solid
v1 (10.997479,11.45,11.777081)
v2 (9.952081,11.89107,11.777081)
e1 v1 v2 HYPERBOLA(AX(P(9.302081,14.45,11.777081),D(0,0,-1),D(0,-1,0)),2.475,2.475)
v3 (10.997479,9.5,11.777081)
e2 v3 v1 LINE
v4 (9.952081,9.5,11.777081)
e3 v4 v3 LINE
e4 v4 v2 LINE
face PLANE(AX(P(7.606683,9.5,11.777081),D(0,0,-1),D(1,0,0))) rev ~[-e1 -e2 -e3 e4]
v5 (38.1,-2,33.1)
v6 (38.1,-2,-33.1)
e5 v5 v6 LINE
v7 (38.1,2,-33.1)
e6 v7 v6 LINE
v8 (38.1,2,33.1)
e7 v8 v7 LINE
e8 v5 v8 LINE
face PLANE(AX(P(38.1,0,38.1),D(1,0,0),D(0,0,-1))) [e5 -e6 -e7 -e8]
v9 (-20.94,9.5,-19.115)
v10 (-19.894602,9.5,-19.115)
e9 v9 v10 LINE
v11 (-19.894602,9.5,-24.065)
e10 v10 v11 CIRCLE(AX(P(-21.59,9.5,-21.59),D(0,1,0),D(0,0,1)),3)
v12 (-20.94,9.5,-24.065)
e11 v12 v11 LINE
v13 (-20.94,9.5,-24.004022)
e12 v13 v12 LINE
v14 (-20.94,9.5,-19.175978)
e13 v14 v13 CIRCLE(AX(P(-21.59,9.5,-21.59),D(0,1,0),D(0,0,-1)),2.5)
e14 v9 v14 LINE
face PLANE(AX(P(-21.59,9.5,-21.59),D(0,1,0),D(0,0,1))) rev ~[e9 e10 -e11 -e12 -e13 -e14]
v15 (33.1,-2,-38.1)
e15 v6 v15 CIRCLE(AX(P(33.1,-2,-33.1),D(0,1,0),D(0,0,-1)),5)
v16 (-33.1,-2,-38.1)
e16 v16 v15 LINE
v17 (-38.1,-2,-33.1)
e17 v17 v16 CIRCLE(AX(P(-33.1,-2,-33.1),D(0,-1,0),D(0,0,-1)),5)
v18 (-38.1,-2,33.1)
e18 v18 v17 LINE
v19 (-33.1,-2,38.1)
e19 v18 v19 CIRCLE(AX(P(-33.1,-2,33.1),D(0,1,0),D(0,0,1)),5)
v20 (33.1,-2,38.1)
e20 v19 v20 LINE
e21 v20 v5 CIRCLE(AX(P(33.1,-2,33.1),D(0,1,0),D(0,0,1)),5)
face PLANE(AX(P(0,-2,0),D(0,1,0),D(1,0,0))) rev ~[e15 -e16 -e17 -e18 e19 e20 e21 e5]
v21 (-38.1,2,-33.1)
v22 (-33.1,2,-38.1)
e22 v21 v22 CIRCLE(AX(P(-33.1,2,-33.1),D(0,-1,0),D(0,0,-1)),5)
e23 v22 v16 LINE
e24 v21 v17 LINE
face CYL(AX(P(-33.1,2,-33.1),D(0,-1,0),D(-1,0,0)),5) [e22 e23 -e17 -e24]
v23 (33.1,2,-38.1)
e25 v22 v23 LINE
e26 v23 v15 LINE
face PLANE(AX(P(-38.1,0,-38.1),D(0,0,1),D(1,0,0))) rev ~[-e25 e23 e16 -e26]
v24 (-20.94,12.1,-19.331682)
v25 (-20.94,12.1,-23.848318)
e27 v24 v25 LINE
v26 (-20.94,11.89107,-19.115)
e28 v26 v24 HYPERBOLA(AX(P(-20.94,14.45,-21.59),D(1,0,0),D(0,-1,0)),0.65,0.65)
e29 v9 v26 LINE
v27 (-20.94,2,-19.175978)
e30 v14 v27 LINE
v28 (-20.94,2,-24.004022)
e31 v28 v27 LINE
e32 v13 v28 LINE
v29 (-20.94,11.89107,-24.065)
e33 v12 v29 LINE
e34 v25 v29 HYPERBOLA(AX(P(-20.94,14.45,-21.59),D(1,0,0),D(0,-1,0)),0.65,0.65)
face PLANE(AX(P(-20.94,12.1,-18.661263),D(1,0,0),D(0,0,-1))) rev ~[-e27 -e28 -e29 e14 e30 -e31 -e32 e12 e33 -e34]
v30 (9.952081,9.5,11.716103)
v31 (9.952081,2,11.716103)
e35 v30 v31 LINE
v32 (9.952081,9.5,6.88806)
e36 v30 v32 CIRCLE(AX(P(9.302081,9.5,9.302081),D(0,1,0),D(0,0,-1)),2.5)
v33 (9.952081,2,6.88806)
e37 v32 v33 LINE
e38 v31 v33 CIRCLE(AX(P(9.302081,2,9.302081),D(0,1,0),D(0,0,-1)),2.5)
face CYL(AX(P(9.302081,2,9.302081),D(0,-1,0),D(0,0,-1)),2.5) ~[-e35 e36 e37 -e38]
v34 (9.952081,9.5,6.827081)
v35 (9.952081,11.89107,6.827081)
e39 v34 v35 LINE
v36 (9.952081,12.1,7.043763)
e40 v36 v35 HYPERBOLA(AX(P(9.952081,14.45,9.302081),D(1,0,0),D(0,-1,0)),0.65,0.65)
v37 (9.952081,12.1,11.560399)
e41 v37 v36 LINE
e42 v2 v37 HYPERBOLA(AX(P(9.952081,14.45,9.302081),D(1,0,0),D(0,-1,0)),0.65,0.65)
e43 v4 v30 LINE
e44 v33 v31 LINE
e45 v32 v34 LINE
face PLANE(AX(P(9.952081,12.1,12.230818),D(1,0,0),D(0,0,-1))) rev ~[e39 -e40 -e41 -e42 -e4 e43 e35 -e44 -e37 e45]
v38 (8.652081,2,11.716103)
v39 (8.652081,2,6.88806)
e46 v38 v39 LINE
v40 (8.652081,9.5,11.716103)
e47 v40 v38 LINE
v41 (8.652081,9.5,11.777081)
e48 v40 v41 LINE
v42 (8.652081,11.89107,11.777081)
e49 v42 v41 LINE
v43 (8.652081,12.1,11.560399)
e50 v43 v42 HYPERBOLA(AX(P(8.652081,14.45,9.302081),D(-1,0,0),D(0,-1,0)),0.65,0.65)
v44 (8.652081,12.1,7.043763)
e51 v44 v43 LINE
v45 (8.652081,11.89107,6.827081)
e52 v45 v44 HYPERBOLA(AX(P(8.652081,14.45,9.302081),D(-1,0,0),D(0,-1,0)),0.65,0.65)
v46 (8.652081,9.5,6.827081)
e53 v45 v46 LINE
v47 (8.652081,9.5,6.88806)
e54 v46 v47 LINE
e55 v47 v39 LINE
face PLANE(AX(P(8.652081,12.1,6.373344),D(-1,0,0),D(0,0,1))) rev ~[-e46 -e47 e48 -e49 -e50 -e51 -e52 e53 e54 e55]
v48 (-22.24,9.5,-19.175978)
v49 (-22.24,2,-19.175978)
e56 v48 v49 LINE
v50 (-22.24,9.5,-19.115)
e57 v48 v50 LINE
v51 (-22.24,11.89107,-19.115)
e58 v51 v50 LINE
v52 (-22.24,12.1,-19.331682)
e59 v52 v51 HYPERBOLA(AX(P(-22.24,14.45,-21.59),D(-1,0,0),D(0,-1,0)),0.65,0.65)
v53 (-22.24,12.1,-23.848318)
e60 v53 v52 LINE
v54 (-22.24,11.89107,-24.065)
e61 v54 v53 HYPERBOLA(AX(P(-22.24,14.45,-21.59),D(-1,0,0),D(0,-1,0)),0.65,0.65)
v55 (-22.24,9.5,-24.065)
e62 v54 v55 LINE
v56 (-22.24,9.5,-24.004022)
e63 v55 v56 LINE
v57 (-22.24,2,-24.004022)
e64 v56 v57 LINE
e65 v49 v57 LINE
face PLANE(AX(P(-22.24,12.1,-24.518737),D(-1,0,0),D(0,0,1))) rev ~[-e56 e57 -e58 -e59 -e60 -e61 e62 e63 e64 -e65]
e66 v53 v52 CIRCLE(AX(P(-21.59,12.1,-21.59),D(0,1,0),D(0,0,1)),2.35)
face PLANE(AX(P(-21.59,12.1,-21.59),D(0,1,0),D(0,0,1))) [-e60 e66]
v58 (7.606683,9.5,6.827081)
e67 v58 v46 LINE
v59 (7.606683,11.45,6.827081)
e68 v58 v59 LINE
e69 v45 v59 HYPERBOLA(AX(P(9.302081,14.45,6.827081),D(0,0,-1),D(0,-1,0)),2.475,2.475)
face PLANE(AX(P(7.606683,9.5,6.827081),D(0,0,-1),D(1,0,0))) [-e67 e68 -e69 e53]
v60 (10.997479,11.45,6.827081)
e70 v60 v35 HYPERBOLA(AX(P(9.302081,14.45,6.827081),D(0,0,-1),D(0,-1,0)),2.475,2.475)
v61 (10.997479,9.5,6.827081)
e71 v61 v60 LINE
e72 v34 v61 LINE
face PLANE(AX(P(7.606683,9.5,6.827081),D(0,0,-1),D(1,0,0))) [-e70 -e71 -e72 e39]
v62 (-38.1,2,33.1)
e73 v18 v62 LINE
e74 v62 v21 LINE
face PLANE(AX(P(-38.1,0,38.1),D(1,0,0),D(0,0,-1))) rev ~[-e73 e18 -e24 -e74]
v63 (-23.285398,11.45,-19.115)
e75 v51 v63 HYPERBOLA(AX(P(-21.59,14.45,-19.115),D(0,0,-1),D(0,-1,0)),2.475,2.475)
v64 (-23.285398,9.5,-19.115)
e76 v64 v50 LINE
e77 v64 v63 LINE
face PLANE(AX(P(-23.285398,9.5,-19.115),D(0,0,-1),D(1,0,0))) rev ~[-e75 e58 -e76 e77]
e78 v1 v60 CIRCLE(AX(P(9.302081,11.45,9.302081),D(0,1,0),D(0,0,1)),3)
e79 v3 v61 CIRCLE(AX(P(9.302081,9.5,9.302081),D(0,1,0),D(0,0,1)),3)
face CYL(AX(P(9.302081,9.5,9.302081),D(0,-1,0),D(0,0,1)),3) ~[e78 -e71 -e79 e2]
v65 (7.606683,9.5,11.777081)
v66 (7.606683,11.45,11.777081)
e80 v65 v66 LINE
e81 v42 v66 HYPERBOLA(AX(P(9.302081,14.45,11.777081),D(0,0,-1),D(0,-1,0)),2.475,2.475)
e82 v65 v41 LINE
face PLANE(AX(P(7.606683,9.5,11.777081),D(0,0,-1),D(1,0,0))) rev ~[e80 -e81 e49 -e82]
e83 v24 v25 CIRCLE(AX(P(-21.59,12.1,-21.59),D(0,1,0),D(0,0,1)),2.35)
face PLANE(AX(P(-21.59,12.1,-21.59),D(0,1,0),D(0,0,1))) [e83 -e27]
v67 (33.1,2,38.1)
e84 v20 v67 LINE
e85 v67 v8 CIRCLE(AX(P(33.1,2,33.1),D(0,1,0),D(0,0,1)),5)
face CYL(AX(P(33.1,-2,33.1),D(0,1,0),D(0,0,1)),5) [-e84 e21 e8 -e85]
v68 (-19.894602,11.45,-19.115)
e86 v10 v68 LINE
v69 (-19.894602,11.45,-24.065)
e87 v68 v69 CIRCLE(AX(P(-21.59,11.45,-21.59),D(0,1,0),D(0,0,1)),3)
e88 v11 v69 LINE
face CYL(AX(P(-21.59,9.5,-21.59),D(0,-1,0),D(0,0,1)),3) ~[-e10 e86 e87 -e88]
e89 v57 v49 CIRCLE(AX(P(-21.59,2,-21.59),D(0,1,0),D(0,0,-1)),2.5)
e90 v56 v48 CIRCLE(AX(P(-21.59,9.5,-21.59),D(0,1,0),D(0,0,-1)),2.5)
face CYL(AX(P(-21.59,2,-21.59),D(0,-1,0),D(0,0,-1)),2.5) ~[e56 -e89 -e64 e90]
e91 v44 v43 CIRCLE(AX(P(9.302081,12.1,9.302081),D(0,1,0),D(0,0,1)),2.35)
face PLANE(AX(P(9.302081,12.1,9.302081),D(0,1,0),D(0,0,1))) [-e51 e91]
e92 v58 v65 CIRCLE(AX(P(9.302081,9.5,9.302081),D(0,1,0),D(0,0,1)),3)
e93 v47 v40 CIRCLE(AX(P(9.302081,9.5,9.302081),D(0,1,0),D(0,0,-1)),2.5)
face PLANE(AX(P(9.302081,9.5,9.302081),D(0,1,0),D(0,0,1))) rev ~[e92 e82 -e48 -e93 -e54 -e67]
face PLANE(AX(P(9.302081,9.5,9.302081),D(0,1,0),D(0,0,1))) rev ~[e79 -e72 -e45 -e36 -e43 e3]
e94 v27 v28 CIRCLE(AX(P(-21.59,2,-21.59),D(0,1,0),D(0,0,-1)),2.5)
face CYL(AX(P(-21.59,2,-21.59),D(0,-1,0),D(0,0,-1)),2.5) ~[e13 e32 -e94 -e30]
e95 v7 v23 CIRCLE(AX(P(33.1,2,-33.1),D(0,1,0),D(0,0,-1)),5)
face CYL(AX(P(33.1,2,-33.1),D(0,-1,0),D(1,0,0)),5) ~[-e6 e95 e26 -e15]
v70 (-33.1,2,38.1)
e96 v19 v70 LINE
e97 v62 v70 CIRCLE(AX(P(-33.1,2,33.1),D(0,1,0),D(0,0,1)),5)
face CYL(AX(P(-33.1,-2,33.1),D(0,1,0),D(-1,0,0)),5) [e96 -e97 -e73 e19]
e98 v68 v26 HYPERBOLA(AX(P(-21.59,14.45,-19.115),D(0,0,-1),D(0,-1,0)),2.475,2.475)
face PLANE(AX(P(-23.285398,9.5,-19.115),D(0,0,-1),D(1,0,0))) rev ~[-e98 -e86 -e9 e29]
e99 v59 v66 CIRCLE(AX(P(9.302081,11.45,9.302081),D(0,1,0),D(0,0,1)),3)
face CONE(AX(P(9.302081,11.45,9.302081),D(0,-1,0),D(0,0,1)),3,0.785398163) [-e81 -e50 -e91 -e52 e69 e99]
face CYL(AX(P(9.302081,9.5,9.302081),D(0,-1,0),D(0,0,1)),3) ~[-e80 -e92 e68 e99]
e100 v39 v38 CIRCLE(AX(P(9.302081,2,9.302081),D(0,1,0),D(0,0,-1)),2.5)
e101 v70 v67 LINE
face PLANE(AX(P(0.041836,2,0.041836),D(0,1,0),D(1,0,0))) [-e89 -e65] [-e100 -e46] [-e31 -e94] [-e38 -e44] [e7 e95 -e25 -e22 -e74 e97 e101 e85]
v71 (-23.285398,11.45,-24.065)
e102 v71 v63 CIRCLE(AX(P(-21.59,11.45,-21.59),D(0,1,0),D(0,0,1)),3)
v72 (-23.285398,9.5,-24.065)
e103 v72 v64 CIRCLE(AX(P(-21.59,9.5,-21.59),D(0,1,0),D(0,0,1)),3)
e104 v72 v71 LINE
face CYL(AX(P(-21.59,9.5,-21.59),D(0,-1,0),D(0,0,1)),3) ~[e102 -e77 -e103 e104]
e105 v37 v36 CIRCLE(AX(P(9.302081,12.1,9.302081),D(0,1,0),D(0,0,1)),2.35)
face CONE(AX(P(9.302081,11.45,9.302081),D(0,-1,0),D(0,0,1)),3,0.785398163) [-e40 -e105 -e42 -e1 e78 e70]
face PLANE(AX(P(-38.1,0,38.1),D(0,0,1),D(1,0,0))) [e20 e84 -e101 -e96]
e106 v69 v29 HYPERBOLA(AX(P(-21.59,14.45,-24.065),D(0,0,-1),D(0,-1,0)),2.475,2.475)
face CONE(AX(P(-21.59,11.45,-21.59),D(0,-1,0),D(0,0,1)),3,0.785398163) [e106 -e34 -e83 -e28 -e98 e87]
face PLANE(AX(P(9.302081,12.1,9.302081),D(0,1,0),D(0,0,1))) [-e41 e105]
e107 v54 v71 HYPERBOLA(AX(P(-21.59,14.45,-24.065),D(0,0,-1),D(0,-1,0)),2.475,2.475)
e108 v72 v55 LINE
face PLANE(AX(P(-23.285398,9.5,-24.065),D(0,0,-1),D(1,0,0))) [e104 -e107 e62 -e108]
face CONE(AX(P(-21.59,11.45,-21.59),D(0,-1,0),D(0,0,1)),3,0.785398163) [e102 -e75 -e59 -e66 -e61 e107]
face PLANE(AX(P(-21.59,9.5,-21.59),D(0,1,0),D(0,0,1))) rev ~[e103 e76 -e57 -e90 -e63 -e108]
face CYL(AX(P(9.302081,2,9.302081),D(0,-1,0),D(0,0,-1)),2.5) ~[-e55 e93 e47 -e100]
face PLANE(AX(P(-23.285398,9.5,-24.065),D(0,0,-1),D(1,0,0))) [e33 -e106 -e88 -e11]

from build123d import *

# Parameters (mm, degrees)
BASE_PROFILE_W              = 76.2
BASE_PROFILE_H              = 76.2
BASE_DEPTH                  = 2
CONNECTOR_PROFILE_R         = 2.5
CONNECTOR_BODY_DEPTH        = 7.5
HEAD_PROFILE_R              = 3
CONNECTOR_HEAD_DEPTH        = 2.6
CONNECTOR_HEAD_CHAMFER_SIZE = 0.65
CONNECTOR_GAP_REACH         = 57.696
TRIM_START                  = -2.6
TRIM_HEAD_DEPTH             = 2.39107
ROUND_EDGE_R                = 5


with BuildPart() as part:
    # Base Profile → Base (new, symmetric)
    with BuildSketch(Plane(origin=(0, 0, 0), x_dir=(1, 0, 0), z_dir=(0, 1, 0))):
        Rectangle(BASE_PROFILE_W, BASE_PROFILE_H)
    extrude(amount=BASE_DEPTH, both=True)

    # Connector Profile → Connector Body (add)
    with BuildSketch(Plane(origin=(0, 2, 0), x_dir=(1, 0, 0), z_dir=(0, 1, 0))):
        with Locations(Location((-21.59, 21.59, 0), (0, 0, 90))):
            Circle(CONNECTOR_PROFILE_R)
        with Locations(Location((9.302081056, -9.302081056, 0), (0, 0, 90))):
            Circle(CONNECTOR_PROFILE_R)
    extrude(amount=CONNECTOR_BODY_DEPTH)

    # Head Profile → Connector Head (add)
    with BuildSketch(Plane(origin=(0, 9.5, 0), x_dir=(1, 0, 0), z_dir=(0, 1, 0))):
        with Locations(Location((-21.59, 21.59, 0), (0, 0, 270))):
            Circle(HEAD_PROFILE_R)
        with Locations(Location((9.302081056, -9.302081056, 0), (0, 0, 270))):
            Circle(HEAD_PROFILE_R)
    extrude(amount=CONNECTOR_HEAD_DEPTH)

    # Connector Head Chamfer
    connector_head_chamfer_edges = [part.edges().sort_by_distance(p)[0] for p in [
        (-21.59, 12.1, -24.59),
        (9.302081056, 12.1, 6.302081056),
    ]]
    chamfer(connector_head_chamfer_edges, length=CONNECTOR_HEAD_CHAMFER_SIZE)

    # Connector Gap: up to this face of the body (flat: up to its plane)
    connector_gap_end = Plane(part.part.faces().sort_by_distance((0.041835549, 2, 0.041835549))[0])
    # Gap Profile → Connector Gap (cut, up to the picked face)
    with BuildSketch(Plane(origin=(0, 12.1, 0), x_dir=(1, 0, 0), z_dir=(0, 1, 0)), mode=Mode.PRIVATE) as connector_gap_sk1:
        with BuildLine():
            Line((-22.24, 24.518736929), (-22.24, 18.661263071))
            ThreePointArc((-22.24, 18.661263071), (-21.59, 18.59), (-20.94, 18.661263071))
            Line((-20.94, 18.661263071), (-20.94, 24.518736929))
            ThreePointArc((-20.94, 24.518736929), (-21.59, 24.59), (-22.24, 24.518736929))
        make_face()
    connector_gap_tool1 = split(extrude(connector_gap_sk1.sketch, amount=-CONNECTOR_GAP_REACH, mode=Mode.PRIVATE), bisect_by=connector_gap_end, keep=Keep.BOTH, mode=Mode.PRIVATE)
    # Gap Profile → Connector Gap (cut, up to the picked face)
    with BuildSketch(Plane(origin=(0, 12.1, 0), x_dir=(1, 0, 0), z_dir=(0, 1, 0)), mode=Mode.PRIVATE) as connector_gap_sk2:
        with BuildLine():
            Line((8.652081056, -6.373344127), (8.652081056, -12.230817986))
            ThreePointArc((8.652081056, -12.230817986), (9.302081056, -12.302081056), (9.952081056, -12.230817986))
            Line((9.952081056, -12.230817986), (9.952081056, -6.373344127))
            ThreePointArc((9.952081056, -6.373344127), (9.302081056, -6.302081056), (8.652081056, -6.373344127))
        make_face()
    connector_gap_tool2 = split(extrude(connector_gap_sk2.sketch, amount=-CONNECTOR_GAP_REACH, mode=Mode.PRIVATE), bisect_by=connector_gap_end, keep=Keep.BOTH, mode=Mode.PRIVATE)
    add(connector_gap_tool1.solids().sort_by(Axis((-21.59, 12.1, -21.59), (0, -1, 0)))[0], mode=Mode.SUBTRACT)
    add(connector_gap_tool2.solids().sort_by(Axis((9.302081, 12.1, 9.302081), (0, -1, 0)))[0], mode=Mode.SUBTRACT)

    # Trim Profile → Trim Head (cut)
    with BuildSketch(Plane(origin=(0, 12.1, 0), x_dir=(1, 0, 0), z_dir=(0, 1, 0)).offset(TRIM_START)):
        with BuildLine():
            Line((7.606682873, -6.827081056), (10.99747924, -6.827081056))
            ThreePointArc((10.99747924, -6.827081056), (9.302081056, -6.302081056), (7.606682873, -6.827081056))
        make_face()
        with BuildLine():
            Line((7.606682873, -11.777081056), (10.99747924, -11.777081056))
            ThreePointArc((10.99747924, -11.777081056), (9.302081056, -12.302081056), (7.606682873, -11.777081056))
        make_face()
        with BuildLine():
            Line((-23.285398183, 24.065), (-19.894601817, 24.065))
            ThreePointArc((-19.894601817, 24.065), (-21.59, 24.59), (-23.285398183, 24.065))
        make_face()
        with BuildLine():
            Line((-23.285398183, 19.115), (-19.894601817, 19.115))
            ThreePointArc((-19.894601817, 19.115), (-21.59, 18.59), (-23.285398183, 19.115))
        make_face()
    extrude(amount=TRIM_HEAD_DEPTH, mode=Mode.SUBTRACT)

    # Round Edge
    round_edge_edges = [part.edges().sort_by_distance(p)[0] for p in [
        (38.1, 0, 38.1),
        (-38.1, 0, 38.1),
        (-38.1, 0, -38.1),
        (38.1, 0, -38.1),
    ]]
    fillet(round_edge_edges, radius=ROUND_EDGE_R)


solid = part.part
